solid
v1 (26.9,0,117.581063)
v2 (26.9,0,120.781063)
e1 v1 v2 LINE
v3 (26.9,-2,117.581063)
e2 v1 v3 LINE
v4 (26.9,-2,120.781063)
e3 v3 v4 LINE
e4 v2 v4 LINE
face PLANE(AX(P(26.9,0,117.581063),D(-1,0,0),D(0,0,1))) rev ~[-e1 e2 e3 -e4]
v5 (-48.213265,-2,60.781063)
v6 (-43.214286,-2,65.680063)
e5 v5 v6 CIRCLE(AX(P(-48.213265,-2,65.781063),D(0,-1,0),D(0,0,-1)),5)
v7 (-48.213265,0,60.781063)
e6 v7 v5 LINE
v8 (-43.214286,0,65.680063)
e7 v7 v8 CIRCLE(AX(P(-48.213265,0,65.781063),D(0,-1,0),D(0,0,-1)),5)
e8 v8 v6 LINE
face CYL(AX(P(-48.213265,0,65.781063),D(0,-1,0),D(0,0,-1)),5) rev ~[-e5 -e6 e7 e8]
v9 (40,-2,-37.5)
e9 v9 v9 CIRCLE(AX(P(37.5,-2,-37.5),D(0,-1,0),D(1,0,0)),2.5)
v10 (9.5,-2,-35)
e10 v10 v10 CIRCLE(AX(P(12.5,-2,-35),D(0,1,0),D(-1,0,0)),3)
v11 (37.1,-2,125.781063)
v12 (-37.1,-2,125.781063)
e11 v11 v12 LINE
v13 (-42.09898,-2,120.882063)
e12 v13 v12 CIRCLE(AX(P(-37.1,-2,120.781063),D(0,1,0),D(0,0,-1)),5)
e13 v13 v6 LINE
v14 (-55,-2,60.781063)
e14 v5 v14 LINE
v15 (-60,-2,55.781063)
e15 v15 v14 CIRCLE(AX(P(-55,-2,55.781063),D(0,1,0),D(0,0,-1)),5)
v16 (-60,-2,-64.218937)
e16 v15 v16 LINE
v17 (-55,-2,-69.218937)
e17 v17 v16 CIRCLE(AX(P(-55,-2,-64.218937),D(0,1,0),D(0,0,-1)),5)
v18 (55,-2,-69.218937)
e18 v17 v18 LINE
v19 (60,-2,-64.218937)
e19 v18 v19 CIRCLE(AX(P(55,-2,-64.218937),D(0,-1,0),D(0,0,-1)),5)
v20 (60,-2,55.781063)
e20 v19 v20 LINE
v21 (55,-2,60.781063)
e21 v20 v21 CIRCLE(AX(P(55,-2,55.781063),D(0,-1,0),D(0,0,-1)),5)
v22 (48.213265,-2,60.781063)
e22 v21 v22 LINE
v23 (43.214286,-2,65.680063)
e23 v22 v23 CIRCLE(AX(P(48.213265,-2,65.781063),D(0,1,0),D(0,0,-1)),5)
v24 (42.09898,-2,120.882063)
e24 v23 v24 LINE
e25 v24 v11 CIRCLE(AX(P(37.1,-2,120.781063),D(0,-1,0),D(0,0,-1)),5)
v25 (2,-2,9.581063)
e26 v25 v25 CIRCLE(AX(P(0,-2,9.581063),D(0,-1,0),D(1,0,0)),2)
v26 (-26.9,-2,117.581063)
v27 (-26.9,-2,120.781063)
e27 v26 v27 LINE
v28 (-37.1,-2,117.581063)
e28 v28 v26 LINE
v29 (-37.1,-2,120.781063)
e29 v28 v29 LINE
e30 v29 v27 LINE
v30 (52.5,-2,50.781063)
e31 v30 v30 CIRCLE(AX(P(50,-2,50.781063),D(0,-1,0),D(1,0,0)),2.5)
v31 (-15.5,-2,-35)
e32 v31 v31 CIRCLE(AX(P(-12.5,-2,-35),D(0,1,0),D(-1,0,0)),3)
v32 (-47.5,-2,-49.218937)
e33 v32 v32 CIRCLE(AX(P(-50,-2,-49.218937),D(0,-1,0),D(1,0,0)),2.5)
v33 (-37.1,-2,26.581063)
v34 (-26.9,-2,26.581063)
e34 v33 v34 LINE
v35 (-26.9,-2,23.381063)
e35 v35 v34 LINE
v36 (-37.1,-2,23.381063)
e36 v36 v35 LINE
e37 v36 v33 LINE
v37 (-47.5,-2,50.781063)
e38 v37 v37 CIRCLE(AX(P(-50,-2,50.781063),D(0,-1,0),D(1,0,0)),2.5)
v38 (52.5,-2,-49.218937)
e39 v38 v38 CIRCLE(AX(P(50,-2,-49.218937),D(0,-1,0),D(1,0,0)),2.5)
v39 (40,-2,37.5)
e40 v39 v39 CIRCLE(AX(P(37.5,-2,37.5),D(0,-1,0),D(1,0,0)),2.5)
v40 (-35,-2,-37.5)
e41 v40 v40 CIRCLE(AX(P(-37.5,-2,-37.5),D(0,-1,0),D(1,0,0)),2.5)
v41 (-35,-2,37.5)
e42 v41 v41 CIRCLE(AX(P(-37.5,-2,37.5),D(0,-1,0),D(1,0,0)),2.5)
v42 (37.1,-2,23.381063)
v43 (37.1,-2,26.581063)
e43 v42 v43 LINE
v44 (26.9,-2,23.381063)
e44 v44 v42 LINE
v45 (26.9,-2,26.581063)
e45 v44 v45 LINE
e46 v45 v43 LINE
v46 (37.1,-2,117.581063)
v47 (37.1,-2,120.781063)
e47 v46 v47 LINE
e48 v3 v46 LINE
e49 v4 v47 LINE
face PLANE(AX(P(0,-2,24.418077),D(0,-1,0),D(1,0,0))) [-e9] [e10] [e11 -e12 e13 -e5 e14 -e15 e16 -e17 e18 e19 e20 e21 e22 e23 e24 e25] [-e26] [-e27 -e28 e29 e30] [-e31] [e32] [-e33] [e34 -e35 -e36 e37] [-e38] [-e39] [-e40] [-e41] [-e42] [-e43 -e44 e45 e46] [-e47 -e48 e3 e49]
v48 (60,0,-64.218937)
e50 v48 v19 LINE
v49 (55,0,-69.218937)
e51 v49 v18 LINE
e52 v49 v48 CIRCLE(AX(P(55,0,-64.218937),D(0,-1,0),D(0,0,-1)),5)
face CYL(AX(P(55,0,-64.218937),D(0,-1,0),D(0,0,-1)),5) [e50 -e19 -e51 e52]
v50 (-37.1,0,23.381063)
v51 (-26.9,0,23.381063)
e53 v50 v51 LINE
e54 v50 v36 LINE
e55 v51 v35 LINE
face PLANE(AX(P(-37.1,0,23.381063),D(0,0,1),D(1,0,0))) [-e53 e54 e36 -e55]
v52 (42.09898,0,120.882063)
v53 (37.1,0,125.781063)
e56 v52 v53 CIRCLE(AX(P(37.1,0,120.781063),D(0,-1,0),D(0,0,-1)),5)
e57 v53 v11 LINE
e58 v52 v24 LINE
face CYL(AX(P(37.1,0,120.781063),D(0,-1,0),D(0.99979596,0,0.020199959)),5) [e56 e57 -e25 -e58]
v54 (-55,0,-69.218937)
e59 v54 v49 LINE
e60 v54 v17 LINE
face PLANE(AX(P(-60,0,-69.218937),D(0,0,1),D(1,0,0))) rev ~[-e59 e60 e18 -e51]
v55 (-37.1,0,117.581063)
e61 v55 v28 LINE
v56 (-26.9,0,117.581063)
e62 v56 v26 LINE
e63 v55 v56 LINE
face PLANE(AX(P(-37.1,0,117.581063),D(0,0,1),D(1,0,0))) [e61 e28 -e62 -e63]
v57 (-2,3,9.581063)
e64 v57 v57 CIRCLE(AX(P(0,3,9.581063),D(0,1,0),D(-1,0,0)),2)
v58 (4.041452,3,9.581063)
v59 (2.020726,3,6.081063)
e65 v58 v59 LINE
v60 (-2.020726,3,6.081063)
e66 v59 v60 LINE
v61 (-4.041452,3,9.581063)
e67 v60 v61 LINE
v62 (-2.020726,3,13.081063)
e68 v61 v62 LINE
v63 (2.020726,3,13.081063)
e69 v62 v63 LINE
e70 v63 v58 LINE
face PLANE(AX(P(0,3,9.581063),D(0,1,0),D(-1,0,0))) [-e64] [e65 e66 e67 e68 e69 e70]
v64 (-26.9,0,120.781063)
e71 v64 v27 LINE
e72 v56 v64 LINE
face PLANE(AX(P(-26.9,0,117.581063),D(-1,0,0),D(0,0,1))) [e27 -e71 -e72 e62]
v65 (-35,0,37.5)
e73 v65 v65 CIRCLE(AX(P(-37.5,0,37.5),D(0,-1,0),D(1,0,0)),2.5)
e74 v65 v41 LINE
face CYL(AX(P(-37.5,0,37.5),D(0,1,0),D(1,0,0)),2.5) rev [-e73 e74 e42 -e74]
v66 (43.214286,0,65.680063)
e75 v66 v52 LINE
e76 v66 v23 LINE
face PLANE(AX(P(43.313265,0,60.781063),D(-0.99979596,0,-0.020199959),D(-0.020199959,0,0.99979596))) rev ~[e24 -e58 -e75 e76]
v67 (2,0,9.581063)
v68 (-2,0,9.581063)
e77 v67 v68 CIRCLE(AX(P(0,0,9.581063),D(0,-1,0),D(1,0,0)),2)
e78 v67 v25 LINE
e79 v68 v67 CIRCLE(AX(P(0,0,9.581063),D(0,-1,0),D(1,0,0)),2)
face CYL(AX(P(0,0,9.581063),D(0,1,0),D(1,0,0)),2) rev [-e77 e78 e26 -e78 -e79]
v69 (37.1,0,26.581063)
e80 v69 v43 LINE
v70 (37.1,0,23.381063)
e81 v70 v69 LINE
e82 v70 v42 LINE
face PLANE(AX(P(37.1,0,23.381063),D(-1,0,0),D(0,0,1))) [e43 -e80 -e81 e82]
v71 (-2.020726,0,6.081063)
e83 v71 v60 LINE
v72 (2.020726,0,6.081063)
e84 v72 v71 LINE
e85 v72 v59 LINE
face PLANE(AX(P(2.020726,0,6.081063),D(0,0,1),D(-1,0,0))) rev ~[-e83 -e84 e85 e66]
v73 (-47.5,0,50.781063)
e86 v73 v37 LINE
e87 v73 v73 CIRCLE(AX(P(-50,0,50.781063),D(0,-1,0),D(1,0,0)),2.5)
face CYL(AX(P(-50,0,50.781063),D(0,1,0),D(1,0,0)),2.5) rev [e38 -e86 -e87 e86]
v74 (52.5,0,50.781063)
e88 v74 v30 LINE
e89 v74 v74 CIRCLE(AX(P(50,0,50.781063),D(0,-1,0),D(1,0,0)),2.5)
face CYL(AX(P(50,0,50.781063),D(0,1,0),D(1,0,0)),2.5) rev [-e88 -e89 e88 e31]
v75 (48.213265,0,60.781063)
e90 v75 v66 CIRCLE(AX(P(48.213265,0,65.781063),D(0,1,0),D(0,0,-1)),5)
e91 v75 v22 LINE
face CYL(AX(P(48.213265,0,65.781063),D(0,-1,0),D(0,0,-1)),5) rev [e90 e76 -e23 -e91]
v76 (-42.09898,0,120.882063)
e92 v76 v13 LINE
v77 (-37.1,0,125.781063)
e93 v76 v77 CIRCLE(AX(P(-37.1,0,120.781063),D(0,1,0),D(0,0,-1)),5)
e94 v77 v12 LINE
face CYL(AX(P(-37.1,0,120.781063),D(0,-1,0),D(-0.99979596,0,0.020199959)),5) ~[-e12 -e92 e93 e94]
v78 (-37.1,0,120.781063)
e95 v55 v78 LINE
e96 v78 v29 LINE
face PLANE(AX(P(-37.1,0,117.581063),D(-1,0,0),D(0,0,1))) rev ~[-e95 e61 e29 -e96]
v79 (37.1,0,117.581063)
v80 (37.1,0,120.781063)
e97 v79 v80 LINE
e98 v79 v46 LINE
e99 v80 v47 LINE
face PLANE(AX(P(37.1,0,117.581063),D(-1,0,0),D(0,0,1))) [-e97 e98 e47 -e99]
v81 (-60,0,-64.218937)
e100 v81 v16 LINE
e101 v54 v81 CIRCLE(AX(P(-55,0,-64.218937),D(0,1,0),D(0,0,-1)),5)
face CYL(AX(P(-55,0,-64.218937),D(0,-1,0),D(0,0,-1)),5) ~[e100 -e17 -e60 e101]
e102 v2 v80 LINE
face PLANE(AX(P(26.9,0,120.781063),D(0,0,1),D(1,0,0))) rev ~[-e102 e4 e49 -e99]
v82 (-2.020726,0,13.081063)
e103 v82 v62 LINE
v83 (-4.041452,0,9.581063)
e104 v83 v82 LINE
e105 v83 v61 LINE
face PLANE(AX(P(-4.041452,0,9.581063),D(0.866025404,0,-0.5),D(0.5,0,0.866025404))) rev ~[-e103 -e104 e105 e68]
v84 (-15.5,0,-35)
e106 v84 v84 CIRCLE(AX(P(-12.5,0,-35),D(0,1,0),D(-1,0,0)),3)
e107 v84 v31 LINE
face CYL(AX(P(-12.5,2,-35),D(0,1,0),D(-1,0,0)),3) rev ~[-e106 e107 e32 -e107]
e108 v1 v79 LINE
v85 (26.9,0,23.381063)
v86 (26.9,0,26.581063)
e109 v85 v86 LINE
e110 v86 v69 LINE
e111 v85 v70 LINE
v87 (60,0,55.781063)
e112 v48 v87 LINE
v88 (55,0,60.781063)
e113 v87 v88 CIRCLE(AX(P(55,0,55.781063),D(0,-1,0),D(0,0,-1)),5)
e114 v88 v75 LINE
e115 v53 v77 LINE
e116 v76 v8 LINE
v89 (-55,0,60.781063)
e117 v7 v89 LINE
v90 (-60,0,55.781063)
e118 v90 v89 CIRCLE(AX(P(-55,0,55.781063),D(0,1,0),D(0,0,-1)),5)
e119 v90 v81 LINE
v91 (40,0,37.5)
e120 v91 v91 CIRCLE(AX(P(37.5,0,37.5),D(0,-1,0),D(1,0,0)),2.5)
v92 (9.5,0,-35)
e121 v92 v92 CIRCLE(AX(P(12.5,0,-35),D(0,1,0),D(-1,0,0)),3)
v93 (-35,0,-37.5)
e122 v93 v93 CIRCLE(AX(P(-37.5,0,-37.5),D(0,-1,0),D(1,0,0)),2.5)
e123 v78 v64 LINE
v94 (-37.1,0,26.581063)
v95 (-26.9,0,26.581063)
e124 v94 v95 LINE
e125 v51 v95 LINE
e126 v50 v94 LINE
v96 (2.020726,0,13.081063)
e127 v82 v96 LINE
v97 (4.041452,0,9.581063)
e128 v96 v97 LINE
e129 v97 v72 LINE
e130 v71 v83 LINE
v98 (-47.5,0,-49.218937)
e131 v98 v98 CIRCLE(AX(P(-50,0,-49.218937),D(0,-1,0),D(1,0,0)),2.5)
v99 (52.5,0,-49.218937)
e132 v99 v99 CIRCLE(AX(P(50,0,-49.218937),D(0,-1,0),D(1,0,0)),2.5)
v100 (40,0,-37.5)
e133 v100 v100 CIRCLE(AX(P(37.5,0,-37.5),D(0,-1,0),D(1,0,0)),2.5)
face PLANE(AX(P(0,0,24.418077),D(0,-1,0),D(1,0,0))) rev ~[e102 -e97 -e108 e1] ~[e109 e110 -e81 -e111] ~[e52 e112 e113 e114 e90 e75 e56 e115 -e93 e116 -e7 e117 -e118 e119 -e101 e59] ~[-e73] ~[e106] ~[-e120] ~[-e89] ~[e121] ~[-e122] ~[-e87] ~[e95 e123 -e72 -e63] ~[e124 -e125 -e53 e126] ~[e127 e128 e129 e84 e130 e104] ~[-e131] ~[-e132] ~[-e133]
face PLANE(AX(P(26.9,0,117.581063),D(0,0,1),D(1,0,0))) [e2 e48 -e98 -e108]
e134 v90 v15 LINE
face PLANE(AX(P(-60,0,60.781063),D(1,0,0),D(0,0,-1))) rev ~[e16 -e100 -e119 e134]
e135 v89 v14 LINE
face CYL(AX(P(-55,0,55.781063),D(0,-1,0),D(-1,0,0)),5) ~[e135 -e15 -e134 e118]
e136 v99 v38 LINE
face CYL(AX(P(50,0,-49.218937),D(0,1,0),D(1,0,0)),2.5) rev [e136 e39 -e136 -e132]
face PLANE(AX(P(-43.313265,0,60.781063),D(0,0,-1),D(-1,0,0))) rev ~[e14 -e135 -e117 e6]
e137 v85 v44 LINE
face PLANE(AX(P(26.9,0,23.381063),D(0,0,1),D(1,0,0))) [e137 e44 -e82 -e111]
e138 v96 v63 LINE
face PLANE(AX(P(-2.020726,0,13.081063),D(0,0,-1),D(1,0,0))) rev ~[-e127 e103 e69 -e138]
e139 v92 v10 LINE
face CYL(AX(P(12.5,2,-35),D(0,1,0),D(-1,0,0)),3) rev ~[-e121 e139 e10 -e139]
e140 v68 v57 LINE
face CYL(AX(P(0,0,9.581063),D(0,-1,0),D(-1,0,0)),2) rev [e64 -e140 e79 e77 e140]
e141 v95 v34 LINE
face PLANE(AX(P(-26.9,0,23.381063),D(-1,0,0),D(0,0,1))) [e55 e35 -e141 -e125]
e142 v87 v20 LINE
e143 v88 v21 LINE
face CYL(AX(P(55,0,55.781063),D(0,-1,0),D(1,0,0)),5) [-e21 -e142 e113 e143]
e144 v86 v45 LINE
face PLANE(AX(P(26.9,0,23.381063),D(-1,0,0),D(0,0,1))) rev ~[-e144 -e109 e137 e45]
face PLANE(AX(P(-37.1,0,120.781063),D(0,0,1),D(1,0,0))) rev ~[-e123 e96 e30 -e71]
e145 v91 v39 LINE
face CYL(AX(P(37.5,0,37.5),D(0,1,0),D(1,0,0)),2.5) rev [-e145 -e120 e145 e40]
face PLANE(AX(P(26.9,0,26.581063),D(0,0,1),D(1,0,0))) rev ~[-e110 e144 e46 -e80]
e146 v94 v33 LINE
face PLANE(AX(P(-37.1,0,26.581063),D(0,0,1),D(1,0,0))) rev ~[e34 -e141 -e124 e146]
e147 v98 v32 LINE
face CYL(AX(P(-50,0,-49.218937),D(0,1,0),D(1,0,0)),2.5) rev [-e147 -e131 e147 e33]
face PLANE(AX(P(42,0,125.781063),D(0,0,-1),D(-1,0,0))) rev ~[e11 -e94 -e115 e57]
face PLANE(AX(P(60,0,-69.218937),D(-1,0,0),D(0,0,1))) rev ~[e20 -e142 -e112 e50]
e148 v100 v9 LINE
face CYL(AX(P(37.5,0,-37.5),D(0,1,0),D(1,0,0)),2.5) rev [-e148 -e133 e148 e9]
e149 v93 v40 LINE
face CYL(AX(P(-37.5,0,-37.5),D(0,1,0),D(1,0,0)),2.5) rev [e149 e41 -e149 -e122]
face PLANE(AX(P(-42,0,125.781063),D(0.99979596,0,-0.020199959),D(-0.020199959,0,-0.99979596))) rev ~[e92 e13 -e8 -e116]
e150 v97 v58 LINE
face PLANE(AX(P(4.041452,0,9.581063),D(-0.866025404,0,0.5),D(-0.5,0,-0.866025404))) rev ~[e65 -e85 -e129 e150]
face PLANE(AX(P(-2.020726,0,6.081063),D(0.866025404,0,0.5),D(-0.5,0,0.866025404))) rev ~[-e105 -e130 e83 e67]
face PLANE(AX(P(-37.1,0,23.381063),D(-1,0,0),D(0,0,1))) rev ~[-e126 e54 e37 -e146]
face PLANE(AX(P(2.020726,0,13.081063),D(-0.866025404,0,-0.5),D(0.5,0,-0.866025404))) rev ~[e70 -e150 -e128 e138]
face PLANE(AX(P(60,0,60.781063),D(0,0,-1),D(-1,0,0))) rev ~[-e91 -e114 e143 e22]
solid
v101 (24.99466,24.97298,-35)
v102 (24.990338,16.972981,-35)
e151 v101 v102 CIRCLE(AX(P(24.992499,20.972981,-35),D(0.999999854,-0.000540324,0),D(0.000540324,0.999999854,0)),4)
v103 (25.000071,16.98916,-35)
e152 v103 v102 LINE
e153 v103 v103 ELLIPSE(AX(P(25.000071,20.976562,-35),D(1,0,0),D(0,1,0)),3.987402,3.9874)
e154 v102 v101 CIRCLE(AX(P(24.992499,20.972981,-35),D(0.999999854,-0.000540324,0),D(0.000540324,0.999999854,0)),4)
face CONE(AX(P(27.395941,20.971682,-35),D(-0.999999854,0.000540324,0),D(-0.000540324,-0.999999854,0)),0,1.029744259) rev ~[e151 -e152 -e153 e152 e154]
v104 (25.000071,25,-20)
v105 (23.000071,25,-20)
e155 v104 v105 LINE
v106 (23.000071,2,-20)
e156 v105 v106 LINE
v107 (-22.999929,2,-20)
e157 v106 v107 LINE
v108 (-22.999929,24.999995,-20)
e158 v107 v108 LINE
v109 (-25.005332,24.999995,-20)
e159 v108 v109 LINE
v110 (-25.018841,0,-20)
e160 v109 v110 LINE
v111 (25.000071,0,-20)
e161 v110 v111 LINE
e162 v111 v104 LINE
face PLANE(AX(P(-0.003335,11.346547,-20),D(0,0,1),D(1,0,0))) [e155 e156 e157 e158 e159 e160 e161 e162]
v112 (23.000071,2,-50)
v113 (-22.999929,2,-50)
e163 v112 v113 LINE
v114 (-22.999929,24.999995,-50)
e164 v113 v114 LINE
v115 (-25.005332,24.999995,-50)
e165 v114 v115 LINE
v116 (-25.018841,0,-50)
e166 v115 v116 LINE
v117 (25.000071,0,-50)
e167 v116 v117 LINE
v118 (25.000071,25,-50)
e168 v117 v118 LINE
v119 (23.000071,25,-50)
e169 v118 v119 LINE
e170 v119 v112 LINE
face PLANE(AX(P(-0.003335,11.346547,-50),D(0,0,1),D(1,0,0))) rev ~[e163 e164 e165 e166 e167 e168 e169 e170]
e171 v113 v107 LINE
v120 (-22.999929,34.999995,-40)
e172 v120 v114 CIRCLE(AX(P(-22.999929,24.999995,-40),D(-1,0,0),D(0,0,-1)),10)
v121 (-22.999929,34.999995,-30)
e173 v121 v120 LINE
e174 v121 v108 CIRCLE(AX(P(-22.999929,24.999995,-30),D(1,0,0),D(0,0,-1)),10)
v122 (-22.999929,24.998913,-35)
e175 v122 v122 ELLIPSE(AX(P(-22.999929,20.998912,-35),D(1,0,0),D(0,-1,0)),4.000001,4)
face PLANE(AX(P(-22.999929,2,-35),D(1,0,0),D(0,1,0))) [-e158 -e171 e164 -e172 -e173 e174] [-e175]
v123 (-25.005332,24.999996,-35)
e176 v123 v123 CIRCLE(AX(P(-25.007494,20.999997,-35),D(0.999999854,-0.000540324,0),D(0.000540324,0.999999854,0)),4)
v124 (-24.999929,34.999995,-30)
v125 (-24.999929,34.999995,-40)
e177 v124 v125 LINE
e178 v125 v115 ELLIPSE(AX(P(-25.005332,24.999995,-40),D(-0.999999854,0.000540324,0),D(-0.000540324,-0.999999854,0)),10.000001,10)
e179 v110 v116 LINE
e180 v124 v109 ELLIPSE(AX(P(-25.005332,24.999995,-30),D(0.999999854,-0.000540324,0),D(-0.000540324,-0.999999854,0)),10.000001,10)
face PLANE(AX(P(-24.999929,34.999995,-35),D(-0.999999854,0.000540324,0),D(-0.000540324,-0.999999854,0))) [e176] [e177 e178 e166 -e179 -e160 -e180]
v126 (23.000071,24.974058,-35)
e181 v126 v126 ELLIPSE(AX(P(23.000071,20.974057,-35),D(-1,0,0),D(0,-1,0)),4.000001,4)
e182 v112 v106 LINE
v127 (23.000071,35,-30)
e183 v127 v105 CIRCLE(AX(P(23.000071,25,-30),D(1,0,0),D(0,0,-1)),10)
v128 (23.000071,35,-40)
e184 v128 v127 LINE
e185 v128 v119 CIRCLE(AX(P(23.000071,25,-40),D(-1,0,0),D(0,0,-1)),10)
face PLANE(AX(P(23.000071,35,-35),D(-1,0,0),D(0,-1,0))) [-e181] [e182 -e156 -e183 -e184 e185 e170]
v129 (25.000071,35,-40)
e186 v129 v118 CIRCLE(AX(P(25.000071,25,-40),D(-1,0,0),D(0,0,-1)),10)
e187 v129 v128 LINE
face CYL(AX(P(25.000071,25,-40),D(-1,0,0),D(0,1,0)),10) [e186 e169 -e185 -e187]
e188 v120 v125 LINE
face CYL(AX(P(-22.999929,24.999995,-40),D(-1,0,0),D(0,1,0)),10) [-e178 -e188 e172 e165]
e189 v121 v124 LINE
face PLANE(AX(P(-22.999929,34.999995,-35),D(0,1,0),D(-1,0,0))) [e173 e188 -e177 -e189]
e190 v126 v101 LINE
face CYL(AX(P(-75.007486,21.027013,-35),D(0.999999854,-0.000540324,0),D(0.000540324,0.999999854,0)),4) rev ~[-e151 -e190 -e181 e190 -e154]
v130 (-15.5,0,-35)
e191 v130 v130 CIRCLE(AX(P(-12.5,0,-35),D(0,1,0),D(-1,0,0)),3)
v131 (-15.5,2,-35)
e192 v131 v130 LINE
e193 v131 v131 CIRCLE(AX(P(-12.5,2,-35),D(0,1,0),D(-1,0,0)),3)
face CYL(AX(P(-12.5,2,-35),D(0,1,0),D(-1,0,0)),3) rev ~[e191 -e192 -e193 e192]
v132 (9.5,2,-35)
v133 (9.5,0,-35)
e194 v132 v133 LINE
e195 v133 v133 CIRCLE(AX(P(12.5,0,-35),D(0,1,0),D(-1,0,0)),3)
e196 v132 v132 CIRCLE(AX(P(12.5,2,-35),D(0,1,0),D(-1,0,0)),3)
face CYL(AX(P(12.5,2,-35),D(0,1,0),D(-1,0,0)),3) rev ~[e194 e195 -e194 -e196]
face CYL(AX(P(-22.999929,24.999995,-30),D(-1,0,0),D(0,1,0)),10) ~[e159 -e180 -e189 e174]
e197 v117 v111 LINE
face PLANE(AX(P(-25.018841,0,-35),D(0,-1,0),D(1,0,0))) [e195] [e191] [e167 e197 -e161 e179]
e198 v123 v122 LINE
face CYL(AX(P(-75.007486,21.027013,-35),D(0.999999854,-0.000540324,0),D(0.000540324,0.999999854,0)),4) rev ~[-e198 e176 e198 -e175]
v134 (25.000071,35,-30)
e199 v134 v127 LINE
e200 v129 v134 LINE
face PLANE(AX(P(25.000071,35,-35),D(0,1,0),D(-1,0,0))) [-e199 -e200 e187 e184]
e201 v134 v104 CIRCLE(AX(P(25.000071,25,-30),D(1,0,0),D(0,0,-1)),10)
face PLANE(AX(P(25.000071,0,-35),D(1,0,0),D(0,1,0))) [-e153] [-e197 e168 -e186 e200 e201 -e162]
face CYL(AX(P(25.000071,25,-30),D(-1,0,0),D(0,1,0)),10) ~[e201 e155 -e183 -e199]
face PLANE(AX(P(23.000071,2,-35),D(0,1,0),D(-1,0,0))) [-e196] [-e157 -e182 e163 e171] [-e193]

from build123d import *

# Parameters (mm, degrees)
F0_R      = 2.5
F0_W      = 10.2
F0_H      = 3.2
F0_R_2    = 2
F1_DEPTH  = 2
F2_R      = 5
F3_R      = 2
F4_DEPTH  = 3
F7_DEPTH  = 15
F8_R      = 10
F10_D     = 8
F10_DEPTH = 50
F10_TIP   = 2.4034424761
F11_R     = 3
F12_DEPTH = 25


with BuildPart() as f1:
    # F0 (on Front) → F1 (new body)
    with BuildSketch(Plane.XZ):
        Polygon((-60, -69.2189367059), (0, -69.2189367059), (60, -69.2189367059), (60, 60.7810632941), (43.3132653061, 60.7810632941), (42, 125.7810632941), (0, 125.7810632941), (-42, 125.7810632941), (-43.3132653061, 60.7810632941), (-60, 60.7810632941), align=None)
        with Locations((-50, -49.2189367059)):
            Circle(F0_R, mode=Mode.SUBTRACT)
        with Locations((-37.5, -37.5)):
            Circle(F0_R, mode=Mode.SUBTRACT)
        with Locations((-32, 24.9810632941)):
            Rectangle(F0_W, F0_H, mode=Mode.SUBTRACT)
        with Locations((50, -49.2189367059)):
            Circle(F0_R, mode=Mode.SUBTRACT)
        with Locations((37.5, -37.5)):
            Circle(F0_R, mode=Mode.SUBTRACT)
        with Locations((0, 9.5810632941)):
            Circle(F0_R_2, mode=Mode.SUBTRACT)
        with Locations((32, 24.9810632941)):
            Rectangle(F0_W, F0_H, mode=Mode.SUBTRACT)
        with Locations((-50, 50.7810632941)):
            Circle(F0_R, mode=Mode.SUBTRACT)
        with Locations((-37.5, 37.5)):
            Circle(F0_R, mode=Mode.SUBTRACT)
        with Locations((-32, 119.1810632941)):
            Rectangle(F0_W, F0_H, mode=Mode.SUBTRACT)
        with Locations((37.5, 37.5)):
            Circle(F0_R, mode=Mode.SUBTRACT)
        with Locations((50, 50.7810632941)):
            Circle(F0_R, mode=Mode.SUBTRACT)
        with Locations((32, 119.1810632941)):
            Rectangle(F0_W, F0_H, mode=Mode.SUBTRACT)
    extrude(amount=F1_DEPTH)

    # F2
    f2_edges = [f1.edges().sort_by_distance(p)[0] for p in [
        (60, -1, 60.781063),
        (-60, -1, 60.781063),
        (-43.313265, -1, 60.781063),
        (43.313265, -1, 60.781063),
        (42, -1, 125.781063),
        (-42, -1, 125.781063),
        (60, -1, -69.218937),
        (-60, -1, -69.218937),
    ]]
    fillet(f2_edges, radius=F2_R)

    # F3 (on face) → F4 (join)
    with BuildSketch(Plane(origin=(0, 0, 0), x_dir=(-1, 0, 0), z_dir=(0, 1, 0))):
        Polygon((4.0414518843, 9.5810632941), (2.0207259422, 13.0810632941), (-2.0207259422, 13.0810632941), (-4.0414518843, 9.5810632941), (-2.0207259422, 6.0810632941), (2.0207259422, 6.0810632941), align=None)
        with Locations((0, 9.5810632941)):
            Circle(F3_R, mode=Mode.SUBTRACT)
    extrude(amount=F4_DEPTH)


with BuildPart() as f7:
    # F6 (on offset) → F7 (new body, symmetric)
    with BuildSketch(Plane.XY.offset(-35)):
        Polygon((-25.0188405804, 0), (25.0000707743, 0), (25.0000707743, 35), (23.0000707743, 35), (23.0000707743, 2), (-22.9999292257, 2), (-22.9999292257, 34.9999948909), (-24.9999292257, 34.9999948909), align=None)
    extrude(amount=F7_DEPTH, both=True)

    # F8
    f8_edges = [f7.edges().sort_by_distance(p)[0] for p in [
        (24.000071, 35, -20),
        (24.000071, 35, -50),
        (-23.999929, 34.999995, -50),
        (-23.999929, 34.999995, -20),
    ]]
    fillet(f8_edges, radius=F8_R)

    # F10
    with Locations(Plane(origin=(-25.0188332761, 0.0135182885, 0), x_dir=(-0.0005403244, -0.999999854, 0), z_dir=(-0.999999854, 0.0005403244, 0))):
        with Locations((-20.9864817095, -35)):
            Hole(F10_D / 2, depth=F10_DEPTH)
            with Locations((0, 0, -(F10_DEPTH + F10_TIP / 2))):  # 118° drill point
                Cone(0, F10_D / 2, F10_TIP, mode=Mode.SUBTRACT)


with BuildPart() as f12_tool:
    # F11 (on face) → F12 (new body)
    with BuildSketch(Plane(origin=(0, 2, 0), x_dir=(-1, 0, 0), z_dir=(0, 1, 0))):
        with Locations((-12.5, -35)):
            Circle(F11_R)
        with Locations((12.5, -35)):
            Circle(F11_R)
    extrude(amount=-F12_DEPTH)


with BuildPart() as f1_1:
    add(f1.part)

    # F12: cut by f12_tool
    add(f12_tool.part, mode=Mode.SUBTRACT)


with BuildPart() as f7_1:
    add(f7.part)

    # F12: cut by f12_tool
    add(f12_tool.part, mode=Mode.SUBTRACT)


solid = Compound([f1_1.part, f7_1.part])
